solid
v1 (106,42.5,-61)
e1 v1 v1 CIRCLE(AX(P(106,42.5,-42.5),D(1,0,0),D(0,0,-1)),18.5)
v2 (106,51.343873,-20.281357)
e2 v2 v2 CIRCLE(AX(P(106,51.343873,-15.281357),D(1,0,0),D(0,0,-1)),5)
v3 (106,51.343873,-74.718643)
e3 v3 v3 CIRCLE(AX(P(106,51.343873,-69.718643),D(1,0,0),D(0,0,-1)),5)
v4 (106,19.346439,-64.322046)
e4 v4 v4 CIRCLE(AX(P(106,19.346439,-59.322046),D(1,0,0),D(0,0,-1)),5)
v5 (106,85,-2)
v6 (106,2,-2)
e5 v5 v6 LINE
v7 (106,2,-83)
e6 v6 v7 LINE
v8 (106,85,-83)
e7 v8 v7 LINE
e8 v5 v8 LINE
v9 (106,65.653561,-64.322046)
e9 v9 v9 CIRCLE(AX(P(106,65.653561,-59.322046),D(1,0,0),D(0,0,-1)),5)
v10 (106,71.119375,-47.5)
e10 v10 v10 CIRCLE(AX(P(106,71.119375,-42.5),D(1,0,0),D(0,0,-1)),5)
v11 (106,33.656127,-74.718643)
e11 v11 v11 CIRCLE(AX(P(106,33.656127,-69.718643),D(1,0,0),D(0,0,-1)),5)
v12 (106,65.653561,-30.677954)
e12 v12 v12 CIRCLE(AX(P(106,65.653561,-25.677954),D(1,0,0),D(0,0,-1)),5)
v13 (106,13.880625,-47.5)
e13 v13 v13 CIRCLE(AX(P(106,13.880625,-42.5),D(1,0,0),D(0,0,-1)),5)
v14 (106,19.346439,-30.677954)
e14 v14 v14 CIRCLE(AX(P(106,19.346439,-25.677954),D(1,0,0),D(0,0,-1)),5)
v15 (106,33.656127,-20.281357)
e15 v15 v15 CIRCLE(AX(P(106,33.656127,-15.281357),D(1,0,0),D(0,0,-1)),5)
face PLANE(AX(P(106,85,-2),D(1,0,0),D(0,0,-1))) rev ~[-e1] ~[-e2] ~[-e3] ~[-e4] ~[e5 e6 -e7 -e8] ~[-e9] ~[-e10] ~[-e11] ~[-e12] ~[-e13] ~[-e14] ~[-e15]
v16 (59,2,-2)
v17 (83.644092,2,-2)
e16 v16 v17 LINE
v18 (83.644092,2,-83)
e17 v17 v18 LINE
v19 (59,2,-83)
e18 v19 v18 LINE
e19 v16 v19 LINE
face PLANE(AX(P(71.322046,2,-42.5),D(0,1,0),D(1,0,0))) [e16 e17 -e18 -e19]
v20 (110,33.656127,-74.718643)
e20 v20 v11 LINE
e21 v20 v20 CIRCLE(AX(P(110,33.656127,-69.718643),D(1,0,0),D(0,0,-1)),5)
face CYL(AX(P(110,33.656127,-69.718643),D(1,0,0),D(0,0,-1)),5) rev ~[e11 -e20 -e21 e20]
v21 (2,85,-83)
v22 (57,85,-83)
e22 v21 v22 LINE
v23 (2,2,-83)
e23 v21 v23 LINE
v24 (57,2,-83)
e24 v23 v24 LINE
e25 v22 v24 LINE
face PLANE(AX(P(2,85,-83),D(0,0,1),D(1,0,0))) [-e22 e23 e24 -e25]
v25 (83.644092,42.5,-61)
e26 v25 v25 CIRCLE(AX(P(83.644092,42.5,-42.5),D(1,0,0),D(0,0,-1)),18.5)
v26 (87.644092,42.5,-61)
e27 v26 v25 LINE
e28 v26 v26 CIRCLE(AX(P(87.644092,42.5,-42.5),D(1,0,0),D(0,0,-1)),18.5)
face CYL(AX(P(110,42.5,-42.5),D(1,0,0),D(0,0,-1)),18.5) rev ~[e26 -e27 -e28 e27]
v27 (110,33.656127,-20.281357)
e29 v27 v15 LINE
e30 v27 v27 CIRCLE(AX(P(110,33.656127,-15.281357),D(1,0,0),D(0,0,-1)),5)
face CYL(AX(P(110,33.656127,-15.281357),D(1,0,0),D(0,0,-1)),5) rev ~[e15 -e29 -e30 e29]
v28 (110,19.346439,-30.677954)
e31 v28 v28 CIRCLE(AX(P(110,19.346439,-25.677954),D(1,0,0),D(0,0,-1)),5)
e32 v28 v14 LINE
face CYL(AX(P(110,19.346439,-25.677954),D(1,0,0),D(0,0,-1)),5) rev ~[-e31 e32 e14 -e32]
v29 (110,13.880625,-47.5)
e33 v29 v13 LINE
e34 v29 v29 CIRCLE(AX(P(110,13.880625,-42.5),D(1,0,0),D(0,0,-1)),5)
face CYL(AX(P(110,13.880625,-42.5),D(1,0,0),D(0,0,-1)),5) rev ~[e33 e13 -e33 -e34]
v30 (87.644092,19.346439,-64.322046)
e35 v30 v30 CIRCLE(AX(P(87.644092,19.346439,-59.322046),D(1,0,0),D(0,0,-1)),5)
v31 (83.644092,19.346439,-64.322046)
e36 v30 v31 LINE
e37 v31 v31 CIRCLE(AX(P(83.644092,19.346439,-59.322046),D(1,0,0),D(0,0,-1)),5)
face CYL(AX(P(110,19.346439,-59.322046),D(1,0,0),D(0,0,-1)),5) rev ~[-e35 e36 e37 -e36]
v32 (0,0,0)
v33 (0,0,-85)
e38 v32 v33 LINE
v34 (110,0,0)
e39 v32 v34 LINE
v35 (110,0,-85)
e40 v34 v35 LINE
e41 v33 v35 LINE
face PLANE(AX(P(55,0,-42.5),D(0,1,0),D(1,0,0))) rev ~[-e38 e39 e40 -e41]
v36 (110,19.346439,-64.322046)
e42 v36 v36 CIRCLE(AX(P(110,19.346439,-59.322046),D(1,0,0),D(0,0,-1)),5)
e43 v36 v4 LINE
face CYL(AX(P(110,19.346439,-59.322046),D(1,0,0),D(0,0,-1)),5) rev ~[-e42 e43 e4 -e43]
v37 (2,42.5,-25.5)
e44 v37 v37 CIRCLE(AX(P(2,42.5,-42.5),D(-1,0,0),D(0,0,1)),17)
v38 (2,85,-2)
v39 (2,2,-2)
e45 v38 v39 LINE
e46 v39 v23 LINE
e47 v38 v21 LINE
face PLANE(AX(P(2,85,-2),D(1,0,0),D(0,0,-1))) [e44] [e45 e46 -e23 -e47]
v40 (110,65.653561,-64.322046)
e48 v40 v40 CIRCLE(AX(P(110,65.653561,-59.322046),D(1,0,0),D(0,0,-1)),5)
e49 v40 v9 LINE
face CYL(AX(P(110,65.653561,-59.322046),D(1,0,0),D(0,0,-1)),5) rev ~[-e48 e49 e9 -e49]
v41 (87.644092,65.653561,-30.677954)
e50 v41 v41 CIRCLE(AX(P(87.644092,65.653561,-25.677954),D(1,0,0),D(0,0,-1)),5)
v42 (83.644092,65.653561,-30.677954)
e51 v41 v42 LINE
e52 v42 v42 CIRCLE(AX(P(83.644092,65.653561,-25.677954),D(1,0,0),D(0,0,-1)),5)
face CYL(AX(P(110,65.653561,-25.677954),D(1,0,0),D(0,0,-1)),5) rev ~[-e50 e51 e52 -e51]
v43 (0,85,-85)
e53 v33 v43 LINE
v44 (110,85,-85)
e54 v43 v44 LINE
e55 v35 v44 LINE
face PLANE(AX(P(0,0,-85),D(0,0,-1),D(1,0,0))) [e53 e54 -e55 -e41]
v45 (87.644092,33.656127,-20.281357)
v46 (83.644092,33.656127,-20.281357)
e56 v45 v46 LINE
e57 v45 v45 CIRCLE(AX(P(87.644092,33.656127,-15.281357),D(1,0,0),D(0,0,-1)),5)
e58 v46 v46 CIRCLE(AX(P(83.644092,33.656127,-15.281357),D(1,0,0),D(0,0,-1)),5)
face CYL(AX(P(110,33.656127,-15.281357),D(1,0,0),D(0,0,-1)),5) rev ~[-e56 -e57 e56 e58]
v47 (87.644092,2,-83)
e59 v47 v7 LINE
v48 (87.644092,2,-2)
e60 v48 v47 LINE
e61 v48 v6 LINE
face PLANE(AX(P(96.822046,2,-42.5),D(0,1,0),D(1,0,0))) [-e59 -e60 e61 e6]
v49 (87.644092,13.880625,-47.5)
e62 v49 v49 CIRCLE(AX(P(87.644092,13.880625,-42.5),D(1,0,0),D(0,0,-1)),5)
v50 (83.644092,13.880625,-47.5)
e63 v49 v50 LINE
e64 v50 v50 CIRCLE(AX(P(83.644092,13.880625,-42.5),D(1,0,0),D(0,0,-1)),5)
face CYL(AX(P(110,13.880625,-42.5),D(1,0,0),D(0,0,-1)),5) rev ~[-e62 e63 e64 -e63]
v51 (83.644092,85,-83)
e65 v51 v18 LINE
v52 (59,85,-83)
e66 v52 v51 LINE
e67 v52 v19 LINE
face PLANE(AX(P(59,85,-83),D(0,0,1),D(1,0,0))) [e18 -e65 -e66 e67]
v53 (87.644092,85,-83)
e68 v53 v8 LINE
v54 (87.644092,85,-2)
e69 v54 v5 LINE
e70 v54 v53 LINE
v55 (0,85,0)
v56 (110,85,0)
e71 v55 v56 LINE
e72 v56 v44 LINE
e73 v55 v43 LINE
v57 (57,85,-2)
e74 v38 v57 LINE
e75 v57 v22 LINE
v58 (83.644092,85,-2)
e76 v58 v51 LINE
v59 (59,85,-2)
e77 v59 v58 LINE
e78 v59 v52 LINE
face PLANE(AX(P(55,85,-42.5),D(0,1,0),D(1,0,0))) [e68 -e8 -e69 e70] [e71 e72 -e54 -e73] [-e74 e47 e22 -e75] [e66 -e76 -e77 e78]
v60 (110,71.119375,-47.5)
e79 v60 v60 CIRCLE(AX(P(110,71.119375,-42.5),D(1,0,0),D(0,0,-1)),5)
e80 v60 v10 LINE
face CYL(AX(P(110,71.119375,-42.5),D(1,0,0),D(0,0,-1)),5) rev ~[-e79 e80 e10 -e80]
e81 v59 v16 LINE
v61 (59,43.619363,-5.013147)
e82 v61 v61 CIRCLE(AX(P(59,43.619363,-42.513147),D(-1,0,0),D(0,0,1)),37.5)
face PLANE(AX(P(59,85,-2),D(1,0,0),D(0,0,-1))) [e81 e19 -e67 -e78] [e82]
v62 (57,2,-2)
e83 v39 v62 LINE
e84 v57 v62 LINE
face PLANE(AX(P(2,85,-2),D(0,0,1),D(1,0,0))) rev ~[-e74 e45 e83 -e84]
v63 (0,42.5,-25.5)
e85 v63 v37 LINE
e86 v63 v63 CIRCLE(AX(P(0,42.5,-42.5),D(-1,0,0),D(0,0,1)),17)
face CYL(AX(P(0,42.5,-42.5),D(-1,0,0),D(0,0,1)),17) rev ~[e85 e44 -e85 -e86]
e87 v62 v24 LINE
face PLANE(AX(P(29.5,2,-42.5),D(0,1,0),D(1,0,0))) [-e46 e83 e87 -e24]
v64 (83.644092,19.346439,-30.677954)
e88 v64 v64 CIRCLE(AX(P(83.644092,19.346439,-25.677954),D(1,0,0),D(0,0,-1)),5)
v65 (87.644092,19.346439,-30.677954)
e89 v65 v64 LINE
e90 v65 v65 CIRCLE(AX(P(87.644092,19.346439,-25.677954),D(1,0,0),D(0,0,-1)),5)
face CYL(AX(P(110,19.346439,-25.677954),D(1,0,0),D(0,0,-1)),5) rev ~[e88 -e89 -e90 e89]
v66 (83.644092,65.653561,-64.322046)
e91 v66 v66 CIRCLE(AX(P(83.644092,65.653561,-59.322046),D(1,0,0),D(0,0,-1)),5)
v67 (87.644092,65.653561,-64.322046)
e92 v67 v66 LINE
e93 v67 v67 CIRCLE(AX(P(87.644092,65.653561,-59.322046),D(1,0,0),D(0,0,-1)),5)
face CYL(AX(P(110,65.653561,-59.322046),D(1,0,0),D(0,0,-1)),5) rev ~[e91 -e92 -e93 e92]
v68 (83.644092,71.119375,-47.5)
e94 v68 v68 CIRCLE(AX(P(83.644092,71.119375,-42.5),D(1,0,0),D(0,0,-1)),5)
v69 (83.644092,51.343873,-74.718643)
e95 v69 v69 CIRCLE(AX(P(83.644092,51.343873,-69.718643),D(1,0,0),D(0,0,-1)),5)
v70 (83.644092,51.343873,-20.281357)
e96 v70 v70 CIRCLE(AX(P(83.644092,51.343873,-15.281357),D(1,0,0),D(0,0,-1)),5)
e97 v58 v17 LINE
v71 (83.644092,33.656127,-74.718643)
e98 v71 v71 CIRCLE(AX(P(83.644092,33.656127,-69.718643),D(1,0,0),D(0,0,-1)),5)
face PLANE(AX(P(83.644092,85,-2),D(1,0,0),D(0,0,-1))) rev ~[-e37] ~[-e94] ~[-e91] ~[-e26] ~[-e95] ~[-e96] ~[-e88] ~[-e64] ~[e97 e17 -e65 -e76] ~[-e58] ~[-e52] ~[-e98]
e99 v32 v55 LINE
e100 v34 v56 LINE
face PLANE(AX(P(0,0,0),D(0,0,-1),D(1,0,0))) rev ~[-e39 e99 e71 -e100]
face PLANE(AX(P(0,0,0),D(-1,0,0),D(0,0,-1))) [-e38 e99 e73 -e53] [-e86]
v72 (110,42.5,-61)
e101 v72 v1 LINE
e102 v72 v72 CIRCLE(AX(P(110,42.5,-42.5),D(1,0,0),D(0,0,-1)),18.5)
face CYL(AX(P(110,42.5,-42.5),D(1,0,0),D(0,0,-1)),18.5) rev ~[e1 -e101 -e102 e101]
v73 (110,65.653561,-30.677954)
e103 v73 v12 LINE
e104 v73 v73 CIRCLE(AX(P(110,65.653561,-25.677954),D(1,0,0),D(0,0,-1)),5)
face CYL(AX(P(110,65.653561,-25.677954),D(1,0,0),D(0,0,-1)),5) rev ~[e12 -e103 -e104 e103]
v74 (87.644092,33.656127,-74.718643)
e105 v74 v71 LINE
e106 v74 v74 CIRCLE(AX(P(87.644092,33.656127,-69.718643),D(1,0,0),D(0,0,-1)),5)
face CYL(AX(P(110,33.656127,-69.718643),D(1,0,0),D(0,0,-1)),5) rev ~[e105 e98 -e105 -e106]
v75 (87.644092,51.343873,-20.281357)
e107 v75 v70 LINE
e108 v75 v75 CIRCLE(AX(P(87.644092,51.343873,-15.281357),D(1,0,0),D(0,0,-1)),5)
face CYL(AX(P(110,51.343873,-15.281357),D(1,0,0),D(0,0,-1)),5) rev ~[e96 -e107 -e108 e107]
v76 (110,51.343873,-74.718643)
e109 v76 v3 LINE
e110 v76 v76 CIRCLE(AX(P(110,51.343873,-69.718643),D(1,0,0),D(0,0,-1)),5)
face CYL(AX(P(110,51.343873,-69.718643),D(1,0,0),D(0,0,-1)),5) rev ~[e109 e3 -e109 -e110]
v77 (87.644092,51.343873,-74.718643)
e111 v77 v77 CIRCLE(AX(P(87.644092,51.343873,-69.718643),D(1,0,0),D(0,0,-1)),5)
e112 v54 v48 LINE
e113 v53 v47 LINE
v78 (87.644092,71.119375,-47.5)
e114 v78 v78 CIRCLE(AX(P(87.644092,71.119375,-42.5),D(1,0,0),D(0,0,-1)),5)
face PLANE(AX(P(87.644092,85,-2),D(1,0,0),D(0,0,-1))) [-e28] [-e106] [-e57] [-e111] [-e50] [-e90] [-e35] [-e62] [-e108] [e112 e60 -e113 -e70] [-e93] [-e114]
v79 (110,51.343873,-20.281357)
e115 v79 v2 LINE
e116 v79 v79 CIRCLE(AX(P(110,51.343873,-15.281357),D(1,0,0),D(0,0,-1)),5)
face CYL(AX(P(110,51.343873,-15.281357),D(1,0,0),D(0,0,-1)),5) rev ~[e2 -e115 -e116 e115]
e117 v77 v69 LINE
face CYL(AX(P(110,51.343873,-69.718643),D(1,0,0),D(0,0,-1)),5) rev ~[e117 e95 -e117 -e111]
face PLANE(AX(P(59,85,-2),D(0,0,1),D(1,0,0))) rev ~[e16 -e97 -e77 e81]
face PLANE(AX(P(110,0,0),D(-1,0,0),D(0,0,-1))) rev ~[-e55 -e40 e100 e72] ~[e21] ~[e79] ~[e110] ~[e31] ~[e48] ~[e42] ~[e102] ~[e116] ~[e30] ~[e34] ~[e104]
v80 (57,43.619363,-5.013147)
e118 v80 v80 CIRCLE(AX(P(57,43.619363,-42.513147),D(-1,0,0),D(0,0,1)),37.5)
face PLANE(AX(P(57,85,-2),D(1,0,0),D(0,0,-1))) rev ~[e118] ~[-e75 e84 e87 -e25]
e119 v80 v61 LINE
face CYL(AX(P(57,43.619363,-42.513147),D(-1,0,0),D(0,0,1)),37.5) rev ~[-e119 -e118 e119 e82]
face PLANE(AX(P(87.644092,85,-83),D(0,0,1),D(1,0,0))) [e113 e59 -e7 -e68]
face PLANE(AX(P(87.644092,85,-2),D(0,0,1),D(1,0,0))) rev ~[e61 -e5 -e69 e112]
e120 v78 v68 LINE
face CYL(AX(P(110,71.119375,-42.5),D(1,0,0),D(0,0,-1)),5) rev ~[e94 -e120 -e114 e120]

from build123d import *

# Parameters (mm, degrees)
SKETCH1_W           = 110
SKETCH1_H           = 85
BOSS_EXTRUDE1_DEPTH = 85
SKETCH4_W           = 55
SKETCH4_H           = 81
SKETCH4_W_2         = 24.644091747
SKETCH4_W_3         = 18.355908253
CUT_EXTRUDE1_DEPTH  = 83
SKETCH3_R           = 18.5
CUT_EXTRUDE2_DEPTH  = 30
SKETCH2_R           = 17
CUT_EXTRUDE3_DEPTH  = 2
SKETCH6_R           = 37.5
CUT_EXTRUDE4_DEPTH  = 2
SKETCH3_3_R         = 18.5
SKETCH3_3_R_2       = 5
CUT_EXTRUDE5_DEPTH  = 40


with BuildPart() as part:
    # Sketch1 → Boss-Extrude1 (new body)
    with BuildSketch(Plane(origin=(0, 0, 0), x_dir=(1, 0, 0), z_dir=(0, 1, 0))):
        with Locations((55, 42.5)):
            Rectangle(SKETCH1_W, SKETCH1_H)
    extrude(amount=BOSS_EXTRUDE1_DEPTH)

    # Sketch4 → Cut-Extrude1 (cut)
    with BuildSketch(Plane(origin=(0, 85, 0), x_dir=(1, 0, 0), z_dir=(0, 1, 0))):
        with Locations((29.5, 42.5)):
            Rectangle(SKETCH4_W, SKETCH4_H)
        with Locations((71.322045874, 42.5)):
            Rectangle(SKETCH4_W_2, SKETCH4_H)
        with Locations((96.822045874, 42.5)):
            Rectangle(SKETCH4_W_3, SKETCH4_H)
    extrude(amount=-CUT_EXTRUDE1_DEPTH, mode=Mode.SUBTRACT)

    # Sketch3 → Cut-Extrude2 (cut)
    with BuildSketch(Plane(origin=(110, 0, 0), x_dir=(0, 0, -1), z_dir=(1, 0, 0))):
        with Locations((42.5, 42.5)):
            Circle(SKETCH3_R)
    extrude(amount=-CUT_EXTRUDE2_DEPTH, mode=Mode.SUBTRACT)

    # Sketch2 → Cut-Extrude3 (cut)
    with BuildSketch(Plane.ZY):
        with Locations((-42.5, 42.5)):
            Circle(SKETCH2_R)
    extrude(amount=-CUT_EXTRUDE3_DEPTH, mode=Mode.SUBTRACT)

    # Sketch6 → Cut-Extrude4 (cut)
    with BuildSketch(Plane.ZY.offset(-57)):
        with Locations((-42.513147441, 43.61936315)):
            Circle(SKETCH6_R)
    extrude(amount=-CUT_EXTRUDE4_DEPTH, mode=Mode.SUBTRACT)

    # Sketch3<3> → Cut-Extrude5 (cut)
    with BuildSketch(Plane(origin=(110, 0, 0), x_dir=(0, 0, -1), z_dir=(1, 0, 0))):
        with Locations((42.5, 42.5)):
            Circle(SKETCH3_3_R)
        with Locations((42.5, 71.119374851)):
            Circle(SKETCH3_3_R_2)
        with Locations((59.322046467, 65.653560623)):
            Circle(SKETCH3_3_R_2)
        with Locations((69.718642944, 51.343873197)):
            Circle(SKETCH3_3_R_2)
        with Locations((69.718642944, 33.656126803)):
            Circle(SKETCH3_3_R_2)
        with Locations((59.322046467, 19.346439377)):
            Circle(SKETCH3_3_R_2)
        with Locations((42.5, 13.880625149)):
            Circle(SKETCH3_3_R_2)
        with Locations((25.677953533, 19.346439377)):
            Circle(SKETCH3_3_R_2)
        with Locations((15.281357056, 33.656126803)):
            Circle(SKETCH3_3_R_2)
        with Locations((15.281357056, 51.343873197)):
            Circle(SKETCH3_3_R_2)
        with Locations((25.677953533, 65.653560623)):
            Circle(SKETCH3_3_R_2)
    extrude(amount=-CUT_EXTRUDE5_DEPTH, mode=Mode.SUBTRACT)


solid = part.part
